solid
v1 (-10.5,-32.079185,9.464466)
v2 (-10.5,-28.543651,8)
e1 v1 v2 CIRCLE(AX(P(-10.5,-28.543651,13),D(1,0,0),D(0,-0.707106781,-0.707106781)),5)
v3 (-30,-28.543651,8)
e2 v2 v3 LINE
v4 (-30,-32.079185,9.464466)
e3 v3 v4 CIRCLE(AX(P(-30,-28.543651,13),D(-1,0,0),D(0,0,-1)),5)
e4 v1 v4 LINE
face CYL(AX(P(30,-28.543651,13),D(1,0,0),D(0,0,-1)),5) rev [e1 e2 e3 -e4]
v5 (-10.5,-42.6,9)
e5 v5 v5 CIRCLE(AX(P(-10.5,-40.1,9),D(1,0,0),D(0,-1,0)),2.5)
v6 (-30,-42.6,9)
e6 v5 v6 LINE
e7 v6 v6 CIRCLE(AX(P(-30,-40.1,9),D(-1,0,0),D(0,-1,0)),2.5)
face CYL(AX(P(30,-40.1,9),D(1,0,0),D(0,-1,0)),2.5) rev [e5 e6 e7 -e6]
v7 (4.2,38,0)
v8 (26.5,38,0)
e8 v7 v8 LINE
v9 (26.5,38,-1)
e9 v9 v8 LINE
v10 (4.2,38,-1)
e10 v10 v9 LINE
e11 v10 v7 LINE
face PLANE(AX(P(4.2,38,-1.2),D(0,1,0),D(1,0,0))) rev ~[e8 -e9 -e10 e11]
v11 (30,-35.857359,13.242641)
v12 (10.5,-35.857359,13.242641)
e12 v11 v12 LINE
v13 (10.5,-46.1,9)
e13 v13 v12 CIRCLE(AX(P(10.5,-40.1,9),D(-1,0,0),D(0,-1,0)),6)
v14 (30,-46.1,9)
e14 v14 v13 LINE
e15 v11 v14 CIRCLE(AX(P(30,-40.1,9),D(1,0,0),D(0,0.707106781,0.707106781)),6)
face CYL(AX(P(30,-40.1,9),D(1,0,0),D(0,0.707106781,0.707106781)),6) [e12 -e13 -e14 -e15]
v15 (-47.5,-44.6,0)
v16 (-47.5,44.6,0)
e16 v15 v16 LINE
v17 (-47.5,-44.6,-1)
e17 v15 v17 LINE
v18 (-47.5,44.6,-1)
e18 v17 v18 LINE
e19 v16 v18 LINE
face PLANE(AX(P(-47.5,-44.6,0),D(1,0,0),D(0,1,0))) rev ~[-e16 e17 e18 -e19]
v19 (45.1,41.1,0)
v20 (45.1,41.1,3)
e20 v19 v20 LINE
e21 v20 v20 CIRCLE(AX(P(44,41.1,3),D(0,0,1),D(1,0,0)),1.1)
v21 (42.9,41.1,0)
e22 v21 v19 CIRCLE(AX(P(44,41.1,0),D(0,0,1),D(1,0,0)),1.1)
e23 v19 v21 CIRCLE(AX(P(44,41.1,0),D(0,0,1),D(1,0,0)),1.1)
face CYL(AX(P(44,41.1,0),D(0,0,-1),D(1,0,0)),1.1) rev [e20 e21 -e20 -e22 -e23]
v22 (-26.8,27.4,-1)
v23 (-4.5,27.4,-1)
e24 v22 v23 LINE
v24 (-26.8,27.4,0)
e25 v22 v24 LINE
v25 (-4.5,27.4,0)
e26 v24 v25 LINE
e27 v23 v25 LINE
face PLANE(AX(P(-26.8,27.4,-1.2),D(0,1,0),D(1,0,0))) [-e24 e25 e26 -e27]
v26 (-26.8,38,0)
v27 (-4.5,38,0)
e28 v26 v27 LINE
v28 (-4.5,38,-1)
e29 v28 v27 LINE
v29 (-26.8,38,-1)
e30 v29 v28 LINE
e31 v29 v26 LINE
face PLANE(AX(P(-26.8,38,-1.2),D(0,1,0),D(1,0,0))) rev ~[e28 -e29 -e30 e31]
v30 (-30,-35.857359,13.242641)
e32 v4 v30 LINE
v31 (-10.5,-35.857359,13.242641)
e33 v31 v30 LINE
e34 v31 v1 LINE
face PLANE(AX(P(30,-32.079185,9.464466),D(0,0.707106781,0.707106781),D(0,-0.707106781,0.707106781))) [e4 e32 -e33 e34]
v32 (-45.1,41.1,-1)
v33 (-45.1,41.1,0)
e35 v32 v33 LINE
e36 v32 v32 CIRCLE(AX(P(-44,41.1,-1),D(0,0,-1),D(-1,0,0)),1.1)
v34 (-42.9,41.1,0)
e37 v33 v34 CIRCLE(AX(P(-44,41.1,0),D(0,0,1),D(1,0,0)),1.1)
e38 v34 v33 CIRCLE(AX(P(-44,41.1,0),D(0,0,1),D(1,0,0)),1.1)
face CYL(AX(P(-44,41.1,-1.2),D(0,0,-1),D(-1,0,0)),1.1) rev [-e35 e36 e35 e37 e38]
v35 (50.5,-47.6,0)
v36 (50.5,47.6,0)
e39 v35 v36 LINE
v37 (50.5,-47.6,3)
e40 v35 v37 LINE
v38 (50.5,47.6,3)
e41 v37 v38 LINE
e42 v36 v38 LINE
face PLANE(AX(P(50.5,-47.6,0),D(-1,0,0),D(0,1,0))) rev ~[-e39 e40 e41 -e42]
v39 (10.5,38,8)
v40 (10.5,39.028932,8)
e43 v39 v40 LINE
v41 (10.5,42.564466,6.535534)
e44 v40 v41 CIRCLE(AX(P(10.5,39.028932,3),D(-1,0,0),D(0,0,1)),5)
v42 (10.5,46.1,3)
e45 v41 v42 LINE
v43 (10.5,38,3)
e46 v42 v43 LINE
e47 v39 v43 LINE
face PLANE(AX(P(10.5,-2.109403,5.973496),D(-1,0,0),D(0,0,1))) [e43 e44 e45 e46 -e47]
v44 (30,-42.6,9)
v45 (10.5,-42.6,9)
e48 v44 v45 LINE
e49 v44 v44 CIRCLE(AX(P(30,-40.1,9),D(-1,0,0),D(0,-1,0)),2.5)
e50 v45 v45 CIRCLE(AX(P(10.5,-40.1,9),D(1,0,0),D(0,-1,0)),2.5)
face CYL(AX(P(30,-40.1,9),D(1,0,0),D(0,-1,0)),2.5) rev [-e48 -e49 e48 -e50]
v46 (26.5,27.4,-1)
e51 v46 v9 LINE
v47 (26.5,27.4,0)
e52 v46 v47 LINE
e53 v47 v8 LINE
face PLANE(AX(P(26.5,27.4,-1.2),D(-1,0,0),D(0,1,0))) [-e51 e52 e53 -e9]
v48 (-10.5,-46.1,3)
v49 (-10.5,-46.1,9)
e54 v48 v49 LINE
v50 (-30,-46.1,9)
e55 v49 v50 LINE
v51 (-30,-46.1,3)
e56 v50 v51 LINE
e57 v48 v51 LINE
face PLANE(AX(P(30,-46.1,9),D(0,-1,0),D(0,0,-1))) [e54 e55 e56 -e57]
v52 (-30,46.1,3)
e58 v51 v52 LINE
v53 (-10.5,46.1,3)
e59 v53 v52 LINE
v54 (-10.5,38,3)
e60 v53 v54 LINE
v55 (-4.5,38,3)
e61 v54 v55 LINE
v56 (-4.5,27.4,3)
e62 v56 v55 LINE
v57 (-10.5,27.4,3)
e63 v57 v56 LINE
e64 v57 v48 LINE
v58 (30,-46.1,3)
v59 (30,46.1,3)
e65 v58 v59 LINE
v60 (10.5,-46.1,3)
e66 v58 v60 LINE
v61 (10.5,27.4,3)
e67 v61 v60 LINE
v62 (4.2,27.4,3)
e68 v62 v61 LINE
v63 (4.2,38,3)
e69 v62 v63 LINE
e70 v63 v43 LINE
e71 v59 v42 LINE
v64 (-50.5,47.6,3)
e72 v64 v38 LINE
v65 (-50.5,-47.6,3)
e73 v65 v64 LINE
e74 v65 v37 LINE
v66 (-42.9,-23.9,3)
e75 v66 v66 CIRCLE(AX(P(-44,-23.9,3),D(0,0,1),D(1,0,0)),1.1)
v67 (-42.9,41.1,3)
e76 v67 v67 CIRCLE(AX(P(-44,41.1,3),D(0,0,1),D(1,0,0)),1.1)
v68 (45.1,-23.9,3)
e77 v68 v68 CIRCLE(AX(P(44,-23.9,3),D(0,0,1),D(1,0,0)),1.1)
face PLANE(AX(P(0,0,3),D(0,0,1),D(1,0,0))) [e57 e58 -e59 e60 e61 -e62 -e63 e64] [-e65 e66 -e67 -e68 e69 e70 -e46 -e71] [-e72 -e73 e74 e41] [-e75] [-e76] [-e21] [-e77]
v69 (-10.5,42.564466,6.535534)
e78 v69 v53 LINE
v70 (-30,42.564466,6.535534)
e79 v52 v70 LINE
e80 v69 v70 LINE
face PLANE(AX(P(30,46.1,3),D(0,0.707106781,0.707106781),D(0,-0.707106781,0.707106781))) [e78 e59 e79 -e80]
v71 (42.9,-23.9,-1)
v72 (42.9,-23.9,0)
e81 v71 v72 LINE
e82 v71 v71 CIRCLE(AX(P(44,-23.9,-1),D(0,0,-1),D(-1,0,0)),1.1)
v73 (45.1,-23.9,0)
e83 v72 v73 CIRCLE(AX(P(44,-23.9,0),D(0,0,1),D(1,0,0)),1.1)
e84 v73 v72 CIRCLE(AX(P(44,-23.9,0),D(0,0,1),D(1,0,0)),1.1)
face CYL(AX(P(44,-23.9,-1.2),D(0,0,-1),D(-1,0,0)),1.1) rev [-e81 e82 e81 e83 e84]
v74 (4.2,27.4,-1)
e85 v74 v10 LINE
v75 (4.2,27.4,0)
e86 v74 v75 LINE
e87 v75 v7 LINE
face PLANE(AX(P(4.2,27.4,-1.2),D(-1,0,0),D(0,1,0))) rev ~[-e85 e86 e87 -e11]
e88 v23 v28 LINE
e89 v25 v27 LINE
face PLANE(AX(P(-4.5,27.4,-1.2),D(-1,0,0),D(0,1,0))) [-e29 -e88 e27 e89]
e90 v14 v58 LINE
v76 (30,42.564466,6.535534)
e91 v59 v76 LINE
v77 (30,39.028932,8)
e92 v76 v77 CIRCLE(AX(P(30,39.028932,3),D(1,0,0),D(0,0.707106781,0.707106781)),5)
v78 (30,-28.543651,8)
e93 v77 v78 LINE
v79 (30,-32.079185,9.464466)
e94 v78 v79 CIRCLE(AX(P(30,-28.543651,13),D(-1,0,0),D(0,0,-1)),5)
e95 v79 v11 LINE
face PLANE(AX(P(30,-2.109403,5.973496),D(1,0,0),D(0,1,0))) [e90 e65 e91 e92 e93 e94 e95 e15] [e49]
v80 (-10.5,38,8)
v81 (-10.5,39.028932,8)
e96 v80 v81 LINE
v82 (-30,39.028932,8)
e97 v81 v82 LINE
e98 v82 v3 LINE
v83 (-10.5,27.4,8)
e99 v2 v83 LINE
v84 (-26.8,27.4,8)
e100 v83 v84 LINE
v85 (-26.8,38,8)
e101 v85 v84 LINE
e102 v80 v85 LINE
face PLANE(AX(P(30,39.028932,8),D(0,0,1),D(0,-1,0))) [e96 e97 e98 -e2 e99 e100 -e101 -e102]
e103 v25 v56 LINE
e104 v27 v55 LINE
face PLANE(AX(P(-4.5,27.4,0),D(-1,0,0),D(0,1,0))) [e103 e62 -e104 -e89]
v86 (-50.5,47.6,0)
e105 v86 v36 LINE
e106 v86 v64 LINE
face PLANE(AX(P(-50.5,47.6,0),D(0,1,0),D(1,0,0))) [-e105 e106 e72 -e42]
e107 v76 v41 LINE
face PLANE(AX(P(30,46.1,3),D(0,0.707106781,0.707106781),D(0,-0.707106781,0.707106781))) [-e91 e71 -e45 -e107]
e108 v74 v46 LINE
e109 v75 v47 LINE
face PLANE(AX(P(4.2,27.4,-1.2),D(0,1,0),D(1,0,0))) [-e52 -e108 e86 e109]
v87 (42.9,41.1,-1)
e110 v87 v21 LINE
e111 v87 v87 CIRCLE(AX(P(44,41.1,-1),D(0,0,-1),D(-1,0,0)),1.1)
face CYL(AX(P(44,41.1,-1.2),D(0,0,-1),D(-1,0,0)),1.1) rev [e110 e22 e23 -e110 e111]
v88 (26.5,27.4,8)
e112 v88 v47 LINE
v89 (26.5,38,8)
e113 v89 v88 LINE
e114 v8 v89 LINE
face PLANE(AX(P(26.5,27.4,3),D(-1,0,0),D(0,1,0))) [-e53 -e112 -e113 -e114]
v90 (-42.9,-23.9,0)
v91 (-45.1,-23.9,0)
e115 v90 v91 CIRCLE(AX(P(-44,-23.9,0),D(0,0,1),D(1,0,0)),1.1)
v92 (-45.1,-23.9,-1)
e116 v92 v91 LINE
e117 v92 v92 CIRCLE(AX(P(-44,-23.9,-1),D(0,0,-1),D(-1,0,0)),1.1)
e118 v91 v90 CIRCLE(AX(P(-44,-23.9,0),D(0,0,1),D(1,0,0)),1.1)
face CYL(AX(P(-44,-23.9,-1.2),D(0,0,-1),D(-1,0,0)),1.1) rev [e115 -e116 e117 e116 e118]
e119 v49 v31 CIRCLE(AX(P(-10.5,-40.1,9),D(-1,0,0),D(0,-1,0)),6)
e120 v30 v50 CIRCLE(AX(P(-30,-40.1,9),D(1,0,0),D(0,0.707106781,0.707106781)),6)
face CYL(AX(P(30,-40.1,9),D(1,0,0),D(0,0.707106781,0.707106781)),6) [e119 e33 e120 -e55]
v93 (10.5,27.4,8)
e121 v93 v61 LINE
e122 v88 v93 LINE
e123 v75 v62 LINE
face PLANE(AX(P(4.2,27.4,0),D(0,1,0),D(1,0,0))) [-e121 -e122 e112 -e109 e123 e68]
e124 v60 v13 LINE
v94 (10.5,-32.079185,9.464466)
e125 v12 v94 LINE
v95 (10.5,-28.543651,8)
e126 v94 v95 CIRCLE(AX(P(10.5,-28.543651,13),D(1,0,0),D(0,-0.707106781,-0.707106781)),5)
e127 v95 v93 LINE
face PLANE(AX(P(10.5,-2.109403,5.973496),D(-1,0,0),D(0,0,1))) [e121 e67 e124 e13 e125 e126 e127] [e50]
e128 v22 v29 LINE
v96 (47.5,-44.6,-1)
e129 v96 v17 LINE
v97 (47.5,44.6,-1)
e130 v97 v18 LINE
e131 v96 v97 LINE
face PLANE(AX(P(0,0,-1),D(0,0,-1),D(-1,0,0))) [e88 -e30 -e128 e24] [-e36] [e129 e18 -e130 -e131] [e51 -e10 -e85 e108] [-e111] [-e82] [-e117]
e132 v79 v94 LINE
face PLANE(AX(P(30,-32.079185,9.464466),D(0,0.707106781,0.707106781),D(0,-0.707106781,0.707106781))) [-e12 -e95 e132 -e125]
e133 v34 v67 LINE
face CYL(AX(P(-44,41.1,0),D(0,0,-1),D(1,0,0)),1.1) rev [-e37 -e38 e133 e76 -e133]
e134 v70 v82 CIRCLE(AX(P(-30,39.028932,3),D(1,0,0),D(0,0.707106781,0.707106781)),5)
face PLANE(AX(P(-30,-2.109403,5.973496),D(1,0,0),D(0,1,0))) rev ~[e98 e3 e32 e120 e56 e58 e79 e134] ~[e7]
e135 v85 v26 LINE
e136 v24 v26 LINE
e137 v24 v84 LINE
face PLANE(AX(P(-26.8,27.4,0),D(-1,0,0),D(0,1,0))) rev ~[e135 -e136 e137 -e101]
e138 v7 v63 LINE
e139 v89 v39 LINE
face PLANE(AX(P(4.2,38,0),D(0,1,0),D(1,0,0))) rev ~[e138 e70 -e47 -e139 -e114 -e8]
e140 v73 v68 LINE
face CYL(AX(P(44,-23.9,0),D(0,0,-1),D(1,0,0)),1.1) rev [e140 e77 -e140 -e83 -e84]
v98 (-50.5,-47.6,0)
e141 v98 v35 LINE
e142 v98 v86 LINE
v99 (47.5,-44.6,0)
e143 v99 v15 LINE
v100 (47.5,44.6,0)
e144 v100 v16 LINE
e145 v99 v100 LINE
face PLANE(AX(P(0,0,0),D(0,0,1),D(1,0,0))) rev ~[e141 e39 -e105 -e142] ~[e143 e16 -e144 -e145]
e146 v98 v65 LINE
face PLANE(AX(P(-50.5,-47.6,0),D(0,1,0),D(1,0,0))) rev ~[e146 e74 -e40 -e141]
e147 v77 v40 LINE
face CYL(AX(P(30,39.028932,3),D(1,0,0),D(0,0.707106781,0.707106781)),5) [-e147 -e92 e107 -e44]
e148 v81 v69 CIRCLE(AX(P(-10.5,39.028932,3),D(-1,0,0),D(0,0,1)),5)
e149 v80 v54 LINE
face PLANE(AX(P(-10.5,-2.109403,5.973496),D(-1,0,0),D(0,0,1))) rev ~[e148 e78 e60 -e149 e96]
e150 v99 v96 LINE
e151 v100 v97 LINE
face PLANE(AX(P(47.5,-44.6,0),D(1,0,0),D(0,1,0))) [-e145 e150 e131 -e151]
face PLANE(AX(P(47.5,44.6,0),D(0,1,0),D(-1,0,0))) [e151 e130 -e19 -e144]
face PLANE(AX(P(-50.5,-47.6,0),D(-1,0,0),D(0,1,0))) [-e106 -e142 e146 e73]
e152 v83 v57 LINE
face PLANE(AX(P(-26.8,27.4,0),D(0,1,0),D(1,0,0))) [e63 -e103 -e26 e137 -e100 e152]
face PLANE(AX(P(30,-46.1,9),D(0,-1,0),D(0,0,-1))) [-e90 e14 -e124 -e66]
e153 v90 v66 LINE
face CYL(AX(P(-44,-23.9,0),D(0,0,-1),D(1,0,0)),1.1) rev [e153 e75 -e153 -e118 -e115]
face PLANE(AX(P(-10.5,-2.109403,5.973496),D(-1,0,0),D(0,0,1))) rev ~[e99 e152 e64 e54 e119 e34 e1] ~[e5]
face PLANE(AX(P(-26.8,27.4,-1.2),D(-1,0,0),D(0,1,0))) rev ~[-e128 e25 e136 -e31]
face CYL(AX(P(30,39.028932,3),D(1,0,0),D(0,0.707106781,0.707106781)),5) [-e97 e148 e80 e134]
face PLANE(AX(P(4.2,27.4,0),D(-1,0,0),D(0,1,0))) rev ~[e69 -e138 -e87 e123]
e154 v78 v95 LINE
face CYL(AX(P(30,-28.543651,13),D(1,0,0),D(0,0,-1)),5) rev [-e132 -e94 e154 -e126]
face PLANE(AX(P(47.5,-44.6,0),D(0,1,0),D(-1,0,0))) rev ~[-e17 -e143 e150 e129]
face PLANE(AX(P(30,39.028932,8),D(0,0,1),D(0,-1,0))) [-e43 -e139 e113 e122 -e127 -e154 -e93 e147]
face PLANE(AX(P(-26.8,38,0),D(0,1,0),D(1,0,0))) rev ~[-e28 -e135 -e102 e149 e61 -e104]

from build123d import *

# Parameters (mm, degrees)
SKETCH1_W                = 101
SKETCH1_H                = 95.2
SKETCH1_R                = 1.1
SKETCH1_W_2              = 22.3
SKETCH1_H_2              = 10.6
BOSS_EXTRUDE1_DEPTH      = 3
BOSS_EXTRUDE3_DEPTH      = 30
BOSS_EXTRUDE3_DEPTH_BACK = 30
SKETCH5_R                = 2.5
CUT_EXTRUDE1_START       = -40.5
CUT_EXTRUDE1_DEPTH       = 21
SKETCH9_W                = 22.3
SKETCH9_H                = 10.6
CUT_EXTRUDE4_DEPTH       = 10
SKETCH10_W               = 95
SKETCH10_H               = 89.2
BOSS_EXTRUDE4_DEPTH      = 1
CUT_EXTRUDE5_START       = -1.2
SKETCH11_R               = 1.1
SKETCH11_W               = 22.3
SKETCH11_H               = 10.6
CUT_EXTRUDE5_DEPTH       = 1.2


with BuildPart() as part:
    # Sketch1 → Boss-Extrude1 (new body)
    with BuildSketch(Plane.XY):
        Rectangle(SKETCH1_W, SKETCH1_H)
        with Locations((44, 41.1)):
            Circle(SKETCH1_R, mode=Mode.SUBTRACT)
        with Locations((44, -23.9)):
            Circle(SKETCH1_R, mode=Mode.SUBTRACT)
        with Locations((-44, 41.1)):
            Circle(SKETCH1_R, mode=Mode.SUBTRACT)
        with Locations((-44, -23.9)):
            Circle(SKETCH1_R, mode=Mode.SUBTRACT)
        with Locations((-15.65, 32.7)):
            Rectangle(SKETCH1_W_2, SKETCH1_H_2, mode=Mode.SUBTRACT)
        with Locations((15.35, 32.7)):
            Rectangle(SKETCH1_W_2, SKETCH1_H_2, mode=Mode.SUBTRACT)
    extrude(amount=BOSS_EXTRUDE1_DEPTH)

    # Sketch5 → Boss-Extrude3 (add, two sides: drawn at the far end of the back side and taken through both)
    with BuildSketch(Plane(origin=(0, 0, 0), x_dir=(0, -1, 0), z_dir=(-1, 0, 0)).offset(-BOSS_EXTRUDE3_DEPTH_BACK)):
        with BuildLine():
            Line((46.1, 9), (46.1, 3))
            Line((46.1, 3), (25.614718626, 3))
            Line((25.614718626, 3), (-46.1, 3))
            Line((-46.1, 3), (-42.564466094, 6.535533906))
            ThreePointArc((-42.564466094, 6.535533906), (-40.94234935, 7.619397663), (-39.028932188, 8))
            Line((-39.028932188, 8), (28.543650814, 8))
            ThreePointArc((28.543650814, 8), (30.457067976, 8.380602337), (32.07918472, 9.464466094))
            Line((32.07918472, 9.464466094), (35.857359313, 13.242640687))
            ThreePointArc((35.857359313, 13.242640687), (42.396100594, 14.543277195), (46.1, 9))
        make_face()
        with Locations((40.1, 9)):
            Circle(SKETCH5_R, mode=Mode.SUBTRACT)
    extrude(amount=BOSS_EXTRUDE3_DEPTH + BOSS_EXTRUDE3_DEPTH_BACK)

    # Sketch7 → Cut-Extrude1 (cut)
    with BuildSketch(Plane.ZY.offset(30).offset(CUT_EXTRUDE1_START)):
        with BuildLine():
            Line((3, 46.1), (3, -46.1))
            Line((3, -46.1), (9, -46.1))
            ThreePointArc((9, -46.1), (14.543277195, -42.396100594), (13.242640687, -35.857359313))
            Line((13.242640687, -35.857359313), (9.464466094, -32.07918472))
            ThreePointArc((9.464466094, -32.07918472), (8.380602337, -30.457067976), (8, -28.543650814))
            Line((8, -28.543650814), (8, 39.028932188))
            ThreePointArc((8, 39.028932188), (7.619397663, 40.94234935), (6.535533906, 42.564466094))
            Line((6.535533906, 42.564466094), (3, 46.1))
        make_face()
    extrude(amount=CUT_EXTRUDE1_DEPTH, mode=Mode.SUBTRACT)

    # Sketch9 → Cut-Extrude4 (cut)
    with BuildSketch(Plane.XY.offset(3)):
        with Locations((15.35, 32.7)):
            Rectangle(SKETCH9_W, SKETCH9_H)
        with Locations((-15.65, 32.7)):
            Rectangle(SKETCH9_W, SKETCH9_H)
    extrude(amount=CUT_EXTRUDE4_DEPTH, mode=Mode.SUBTRACT)

    # Sketch10 → Boss-Extrude4 (add)
    with BuildSketch(Plane(origin=(0, 0, 0), x_dir=(-1, 0, 0), z_dir=(0, 0, -1))):
        Rectangle(SKETCH10_W, SKETCH10_H)
    extrude(amount=BOSS_EXTRUDE4_DEPTH)

    # Sketch11 → Cut-Extrude5 (cut)
    with BuildSketch(Plane.XY.offset(CUT_EXTRUDE5_START)):
        with Locations(Location((-44, 41.1, 0), (0, 0, 180))):
            Circle(SKETCH11_R)
        with Locations(Location((-44, -23.9, 0), (0, 0, 180))):
            Circle(SKETCH11_R)
        with Locations(Location((44, -23.9, 0), (0, 0, 180))):
            Circle(SKETCH11_R)
        with Locations(Location((44, 41.1, 0), (0, 0, 180))):
            Circle(SKETCH11_R)
        with Locations((15.35, 32.7)):
            Rectangle(SKETCH11_W, SKETCH11_H)
        with Locations((-15.65, 32.7)):
            Rectangle(SKETCH11_W, SKETCH11_H)
    extrude(amount=CUT_EXTRUDE5_DEPTH, mode=Mode.SUBTRACT)


solid = part.part
